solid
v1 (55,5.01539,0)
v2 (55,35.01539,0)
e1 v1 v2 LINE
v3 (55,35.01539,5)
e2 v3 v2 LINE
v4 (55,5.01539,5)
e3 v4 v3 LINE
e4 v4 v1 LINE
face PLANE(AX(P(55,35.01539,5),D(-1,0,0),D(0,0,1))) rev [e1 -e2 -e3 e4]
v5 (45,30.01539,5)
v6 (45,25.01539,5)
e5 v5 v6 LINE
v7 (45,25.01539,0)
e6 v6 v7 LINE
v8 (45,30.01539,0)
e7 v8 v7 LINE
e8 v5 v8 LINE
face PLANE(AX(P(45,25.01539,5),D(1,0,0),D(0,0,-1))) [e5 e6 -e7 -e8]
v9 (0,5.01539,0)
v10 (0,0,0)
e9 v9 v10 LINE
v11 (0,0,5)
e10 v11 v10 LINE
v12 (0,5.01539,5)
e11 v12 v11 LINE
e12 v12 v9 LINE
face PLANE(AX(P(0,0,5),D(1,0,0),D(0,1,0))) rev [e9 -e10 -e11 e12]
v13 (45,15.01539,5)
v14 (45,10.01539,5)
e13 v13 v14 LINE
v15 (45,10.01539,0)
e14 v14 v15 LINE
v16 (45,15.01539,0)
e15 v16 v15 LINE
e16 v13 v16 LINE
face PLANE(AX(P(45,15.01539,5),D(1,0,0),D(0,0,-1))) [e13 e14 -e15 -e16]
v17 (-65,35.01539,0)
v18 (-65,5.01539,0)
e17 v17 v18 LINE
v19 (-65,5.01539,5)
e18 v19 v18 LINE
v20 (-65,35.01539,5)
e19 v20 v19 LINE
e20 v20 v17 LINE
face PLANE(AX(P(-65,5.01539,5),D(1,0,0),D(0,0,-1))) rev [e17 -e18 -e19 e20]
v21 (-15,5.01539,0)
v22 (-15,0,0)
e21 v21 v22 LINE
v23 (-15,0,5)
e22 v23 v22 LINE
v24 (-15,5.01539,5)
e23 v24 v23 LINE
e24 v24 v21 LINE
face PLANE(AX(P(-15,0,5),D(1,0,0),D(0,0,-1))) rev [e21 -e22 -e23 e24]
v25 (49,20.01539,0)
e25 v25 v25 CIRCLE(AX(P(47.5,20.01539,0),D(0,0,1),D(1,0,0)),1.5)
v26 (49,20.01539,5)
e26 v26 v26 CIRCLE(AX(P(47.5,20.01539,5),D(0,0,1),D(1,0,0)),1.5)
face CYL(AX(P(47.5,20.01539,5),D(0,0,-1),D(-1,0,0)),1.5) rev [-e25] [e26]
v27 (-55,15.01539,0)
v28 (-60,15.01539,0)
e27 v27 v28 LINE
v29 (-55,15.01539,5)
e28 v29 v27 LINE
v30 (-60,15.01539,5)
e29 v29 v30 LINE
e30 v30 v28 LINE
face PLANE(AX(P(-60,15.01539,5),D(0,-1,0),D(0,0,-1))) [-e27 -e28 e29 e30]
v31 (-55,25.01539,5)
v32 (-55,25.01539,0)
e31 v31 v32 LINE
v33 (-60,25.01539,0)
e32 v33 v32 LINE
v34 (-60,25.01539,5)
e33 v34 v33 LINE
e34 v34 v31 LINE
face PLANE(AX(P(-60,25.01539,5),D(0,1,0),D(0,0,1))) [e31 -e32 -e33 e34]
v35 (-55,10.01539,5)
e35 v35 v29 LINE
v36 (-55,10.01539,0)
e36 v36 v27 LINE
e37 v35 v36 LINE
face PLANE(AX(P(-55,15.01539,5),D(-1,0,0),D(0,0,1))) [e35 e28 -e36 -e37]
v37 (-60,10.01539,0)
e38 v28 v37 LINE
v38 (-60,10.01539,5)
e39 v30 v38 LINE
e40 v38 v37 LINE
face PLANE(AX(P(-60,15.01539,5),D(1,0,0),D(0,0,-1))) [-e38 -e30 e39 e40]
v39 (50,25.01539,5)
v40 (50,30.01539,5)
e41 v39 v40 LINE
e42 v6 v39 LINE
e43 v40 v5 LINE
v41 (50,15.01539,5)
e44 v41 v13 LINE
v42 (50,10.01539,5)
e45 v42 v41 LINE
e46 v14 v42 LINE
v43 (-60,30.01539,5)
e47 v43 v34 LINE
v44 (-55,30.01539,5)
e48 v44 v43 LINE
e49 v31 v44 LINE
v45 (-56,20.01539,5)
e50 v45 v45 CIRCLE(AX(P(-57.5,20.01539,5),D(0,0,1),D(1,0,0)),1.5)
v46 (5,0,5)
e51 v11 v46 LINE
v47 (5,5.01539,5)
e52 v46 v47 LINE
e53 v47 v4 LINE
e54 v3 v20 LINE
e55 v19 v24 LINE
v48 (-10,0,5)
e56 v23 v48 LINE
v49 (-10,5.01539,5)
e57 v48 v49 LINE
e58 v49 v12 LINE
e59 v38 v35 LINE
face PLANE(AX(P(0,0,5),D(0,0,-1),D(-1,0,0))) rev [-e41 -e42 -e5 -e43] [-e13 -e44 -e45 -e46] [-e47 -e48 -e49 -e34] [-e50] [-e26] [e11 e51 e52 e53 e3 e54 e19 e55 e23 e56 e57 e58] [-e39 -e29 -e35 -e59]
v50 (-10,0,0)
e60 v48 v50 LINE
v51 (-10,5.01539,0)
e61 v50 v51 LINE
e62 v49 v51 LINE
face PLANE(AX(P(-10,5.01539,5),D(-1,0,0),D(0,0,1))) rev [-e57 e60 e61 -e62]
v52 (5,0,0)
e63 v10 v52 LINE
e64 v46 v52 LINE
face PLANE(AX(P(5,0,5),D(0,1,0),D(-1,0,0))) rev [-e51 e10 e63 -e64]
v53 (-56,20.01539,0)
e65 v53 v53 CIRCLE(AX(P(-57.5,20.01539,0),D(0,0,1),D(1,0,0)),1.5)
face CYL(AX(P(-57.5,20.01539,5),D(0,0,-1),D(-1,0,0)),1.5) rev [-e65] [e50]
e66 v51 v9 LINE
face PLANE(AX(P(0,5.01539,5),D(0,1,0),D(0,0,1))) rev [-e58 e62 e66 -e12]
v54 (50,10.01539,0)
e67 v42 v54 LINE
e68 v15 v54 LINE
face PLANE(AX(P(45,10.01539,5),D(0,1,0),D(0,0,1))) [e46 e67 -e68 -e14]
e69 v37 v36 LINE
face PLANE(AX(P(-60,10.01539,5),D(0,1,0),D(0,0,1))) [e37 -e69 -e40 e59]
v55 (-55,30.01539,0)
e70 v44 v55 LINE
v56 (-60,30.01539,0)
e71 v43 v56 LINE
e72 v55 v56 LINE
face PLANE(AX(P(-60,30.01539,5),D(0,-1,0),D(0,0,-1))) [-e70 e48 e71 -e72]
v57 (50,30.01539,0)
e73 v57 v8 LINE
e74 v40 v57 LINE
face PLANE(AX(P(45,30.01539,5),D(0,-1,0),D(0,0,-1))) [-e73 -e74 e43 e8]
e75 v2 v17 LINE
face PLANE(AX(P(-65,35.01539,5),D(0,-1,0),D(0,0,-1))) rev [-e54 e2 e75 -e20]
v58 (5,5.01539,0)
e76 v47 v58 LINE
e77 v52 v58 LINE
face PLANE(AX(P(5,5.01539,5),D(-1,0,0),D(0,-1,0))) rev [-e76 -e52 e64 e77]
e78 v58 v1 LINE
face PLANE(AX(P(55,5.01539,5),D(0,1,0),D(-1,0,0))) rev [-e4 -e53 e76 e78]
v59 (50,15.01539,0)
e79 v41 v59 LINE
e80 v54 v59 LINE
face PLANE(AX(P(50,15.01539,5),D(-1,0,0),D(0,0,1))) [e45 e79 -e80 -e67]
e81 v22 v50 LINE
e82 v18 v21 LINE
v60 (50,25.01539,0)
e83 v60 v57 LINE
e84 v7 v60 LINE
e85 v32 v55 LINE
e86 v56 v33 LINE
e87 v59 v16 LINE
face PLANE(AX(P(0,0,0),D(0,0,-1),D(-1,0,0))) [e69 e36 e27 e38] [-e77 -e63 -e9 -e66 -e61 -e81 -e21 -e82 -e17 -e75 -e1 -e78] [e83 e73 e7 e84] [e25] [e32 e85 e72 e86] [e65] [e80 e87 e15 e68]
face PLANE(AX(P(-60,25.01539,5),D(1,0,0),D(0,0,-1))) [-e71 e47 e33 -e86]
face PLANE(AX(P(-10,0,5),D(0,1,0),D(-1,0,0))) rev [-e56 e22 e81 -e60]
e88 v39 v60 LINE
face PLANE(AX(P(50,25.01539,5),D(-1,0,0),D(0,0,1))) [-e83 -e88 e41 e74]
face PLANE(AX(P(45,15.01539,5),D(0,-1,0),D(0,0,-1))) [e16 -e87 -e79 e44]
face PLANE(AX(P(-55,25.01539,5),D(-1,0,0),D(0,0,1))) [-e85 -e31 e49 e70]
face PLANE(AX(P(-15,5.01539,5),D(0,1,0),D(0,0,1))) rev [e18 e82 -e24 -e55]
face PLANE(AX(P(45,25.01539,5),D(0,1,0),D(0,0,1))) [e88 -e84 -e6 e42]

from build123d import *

# Parameters (mm, degrees)
SKETCH1_R           = 1.5
SKETCH1_W           = 5
SKETCH1_H           = 5
BOSS_EXTRUDE1_DEPTH = 5


with BuildPart() as part:
    # Sketch1 → Boss-Extrude1 (new body)
    with BuildSketch(Plane.XY):
        Polygon((0, 0), (0, 5.015390442), (-10, 5.015390442), (-10, 0), (-15, 0), (-15, 5.015390442), (-65, 5.015390442), (-65, 35.015390442), (55, 35.015390442), (55, 5.015390442), (5, 5.015390442), (5, 0), align=None)
        with Locations((-57.5, 20.015390442)):
            Circle(SKETCH1_R, mode=Mode.SUBTRACT)
        with Locations((47.5, 20.015390442)):
            Circle(SKETCH1_R, mode=Mode.SUBTRACT)
        with Locations((-57.5, 12.515390442)):
            Rectangle(SKETCH1_W, SKETCH1_H, mode=Mode.SUBTRACT)
        with Locations((-57.5, 27.515390442)):
            Rectangle(SKETCH1_W, SKETCH1_H, mode=Mode.SUBTRACT)
        with Locations((47.5, 12.515390442)):
            Rectangle(SKETCH1_W, SKETCH1_H, mode=Mode.SUBTRACT)
        with Locations((47.5, 27.515390442)):
            Rectangle(SKETCH1_W, SKETCH1_H, mode=Mode.SUBTRACT)
    extrude(amount=BOSS_EXTRUDE1_DEPTH)


solid = part.part
